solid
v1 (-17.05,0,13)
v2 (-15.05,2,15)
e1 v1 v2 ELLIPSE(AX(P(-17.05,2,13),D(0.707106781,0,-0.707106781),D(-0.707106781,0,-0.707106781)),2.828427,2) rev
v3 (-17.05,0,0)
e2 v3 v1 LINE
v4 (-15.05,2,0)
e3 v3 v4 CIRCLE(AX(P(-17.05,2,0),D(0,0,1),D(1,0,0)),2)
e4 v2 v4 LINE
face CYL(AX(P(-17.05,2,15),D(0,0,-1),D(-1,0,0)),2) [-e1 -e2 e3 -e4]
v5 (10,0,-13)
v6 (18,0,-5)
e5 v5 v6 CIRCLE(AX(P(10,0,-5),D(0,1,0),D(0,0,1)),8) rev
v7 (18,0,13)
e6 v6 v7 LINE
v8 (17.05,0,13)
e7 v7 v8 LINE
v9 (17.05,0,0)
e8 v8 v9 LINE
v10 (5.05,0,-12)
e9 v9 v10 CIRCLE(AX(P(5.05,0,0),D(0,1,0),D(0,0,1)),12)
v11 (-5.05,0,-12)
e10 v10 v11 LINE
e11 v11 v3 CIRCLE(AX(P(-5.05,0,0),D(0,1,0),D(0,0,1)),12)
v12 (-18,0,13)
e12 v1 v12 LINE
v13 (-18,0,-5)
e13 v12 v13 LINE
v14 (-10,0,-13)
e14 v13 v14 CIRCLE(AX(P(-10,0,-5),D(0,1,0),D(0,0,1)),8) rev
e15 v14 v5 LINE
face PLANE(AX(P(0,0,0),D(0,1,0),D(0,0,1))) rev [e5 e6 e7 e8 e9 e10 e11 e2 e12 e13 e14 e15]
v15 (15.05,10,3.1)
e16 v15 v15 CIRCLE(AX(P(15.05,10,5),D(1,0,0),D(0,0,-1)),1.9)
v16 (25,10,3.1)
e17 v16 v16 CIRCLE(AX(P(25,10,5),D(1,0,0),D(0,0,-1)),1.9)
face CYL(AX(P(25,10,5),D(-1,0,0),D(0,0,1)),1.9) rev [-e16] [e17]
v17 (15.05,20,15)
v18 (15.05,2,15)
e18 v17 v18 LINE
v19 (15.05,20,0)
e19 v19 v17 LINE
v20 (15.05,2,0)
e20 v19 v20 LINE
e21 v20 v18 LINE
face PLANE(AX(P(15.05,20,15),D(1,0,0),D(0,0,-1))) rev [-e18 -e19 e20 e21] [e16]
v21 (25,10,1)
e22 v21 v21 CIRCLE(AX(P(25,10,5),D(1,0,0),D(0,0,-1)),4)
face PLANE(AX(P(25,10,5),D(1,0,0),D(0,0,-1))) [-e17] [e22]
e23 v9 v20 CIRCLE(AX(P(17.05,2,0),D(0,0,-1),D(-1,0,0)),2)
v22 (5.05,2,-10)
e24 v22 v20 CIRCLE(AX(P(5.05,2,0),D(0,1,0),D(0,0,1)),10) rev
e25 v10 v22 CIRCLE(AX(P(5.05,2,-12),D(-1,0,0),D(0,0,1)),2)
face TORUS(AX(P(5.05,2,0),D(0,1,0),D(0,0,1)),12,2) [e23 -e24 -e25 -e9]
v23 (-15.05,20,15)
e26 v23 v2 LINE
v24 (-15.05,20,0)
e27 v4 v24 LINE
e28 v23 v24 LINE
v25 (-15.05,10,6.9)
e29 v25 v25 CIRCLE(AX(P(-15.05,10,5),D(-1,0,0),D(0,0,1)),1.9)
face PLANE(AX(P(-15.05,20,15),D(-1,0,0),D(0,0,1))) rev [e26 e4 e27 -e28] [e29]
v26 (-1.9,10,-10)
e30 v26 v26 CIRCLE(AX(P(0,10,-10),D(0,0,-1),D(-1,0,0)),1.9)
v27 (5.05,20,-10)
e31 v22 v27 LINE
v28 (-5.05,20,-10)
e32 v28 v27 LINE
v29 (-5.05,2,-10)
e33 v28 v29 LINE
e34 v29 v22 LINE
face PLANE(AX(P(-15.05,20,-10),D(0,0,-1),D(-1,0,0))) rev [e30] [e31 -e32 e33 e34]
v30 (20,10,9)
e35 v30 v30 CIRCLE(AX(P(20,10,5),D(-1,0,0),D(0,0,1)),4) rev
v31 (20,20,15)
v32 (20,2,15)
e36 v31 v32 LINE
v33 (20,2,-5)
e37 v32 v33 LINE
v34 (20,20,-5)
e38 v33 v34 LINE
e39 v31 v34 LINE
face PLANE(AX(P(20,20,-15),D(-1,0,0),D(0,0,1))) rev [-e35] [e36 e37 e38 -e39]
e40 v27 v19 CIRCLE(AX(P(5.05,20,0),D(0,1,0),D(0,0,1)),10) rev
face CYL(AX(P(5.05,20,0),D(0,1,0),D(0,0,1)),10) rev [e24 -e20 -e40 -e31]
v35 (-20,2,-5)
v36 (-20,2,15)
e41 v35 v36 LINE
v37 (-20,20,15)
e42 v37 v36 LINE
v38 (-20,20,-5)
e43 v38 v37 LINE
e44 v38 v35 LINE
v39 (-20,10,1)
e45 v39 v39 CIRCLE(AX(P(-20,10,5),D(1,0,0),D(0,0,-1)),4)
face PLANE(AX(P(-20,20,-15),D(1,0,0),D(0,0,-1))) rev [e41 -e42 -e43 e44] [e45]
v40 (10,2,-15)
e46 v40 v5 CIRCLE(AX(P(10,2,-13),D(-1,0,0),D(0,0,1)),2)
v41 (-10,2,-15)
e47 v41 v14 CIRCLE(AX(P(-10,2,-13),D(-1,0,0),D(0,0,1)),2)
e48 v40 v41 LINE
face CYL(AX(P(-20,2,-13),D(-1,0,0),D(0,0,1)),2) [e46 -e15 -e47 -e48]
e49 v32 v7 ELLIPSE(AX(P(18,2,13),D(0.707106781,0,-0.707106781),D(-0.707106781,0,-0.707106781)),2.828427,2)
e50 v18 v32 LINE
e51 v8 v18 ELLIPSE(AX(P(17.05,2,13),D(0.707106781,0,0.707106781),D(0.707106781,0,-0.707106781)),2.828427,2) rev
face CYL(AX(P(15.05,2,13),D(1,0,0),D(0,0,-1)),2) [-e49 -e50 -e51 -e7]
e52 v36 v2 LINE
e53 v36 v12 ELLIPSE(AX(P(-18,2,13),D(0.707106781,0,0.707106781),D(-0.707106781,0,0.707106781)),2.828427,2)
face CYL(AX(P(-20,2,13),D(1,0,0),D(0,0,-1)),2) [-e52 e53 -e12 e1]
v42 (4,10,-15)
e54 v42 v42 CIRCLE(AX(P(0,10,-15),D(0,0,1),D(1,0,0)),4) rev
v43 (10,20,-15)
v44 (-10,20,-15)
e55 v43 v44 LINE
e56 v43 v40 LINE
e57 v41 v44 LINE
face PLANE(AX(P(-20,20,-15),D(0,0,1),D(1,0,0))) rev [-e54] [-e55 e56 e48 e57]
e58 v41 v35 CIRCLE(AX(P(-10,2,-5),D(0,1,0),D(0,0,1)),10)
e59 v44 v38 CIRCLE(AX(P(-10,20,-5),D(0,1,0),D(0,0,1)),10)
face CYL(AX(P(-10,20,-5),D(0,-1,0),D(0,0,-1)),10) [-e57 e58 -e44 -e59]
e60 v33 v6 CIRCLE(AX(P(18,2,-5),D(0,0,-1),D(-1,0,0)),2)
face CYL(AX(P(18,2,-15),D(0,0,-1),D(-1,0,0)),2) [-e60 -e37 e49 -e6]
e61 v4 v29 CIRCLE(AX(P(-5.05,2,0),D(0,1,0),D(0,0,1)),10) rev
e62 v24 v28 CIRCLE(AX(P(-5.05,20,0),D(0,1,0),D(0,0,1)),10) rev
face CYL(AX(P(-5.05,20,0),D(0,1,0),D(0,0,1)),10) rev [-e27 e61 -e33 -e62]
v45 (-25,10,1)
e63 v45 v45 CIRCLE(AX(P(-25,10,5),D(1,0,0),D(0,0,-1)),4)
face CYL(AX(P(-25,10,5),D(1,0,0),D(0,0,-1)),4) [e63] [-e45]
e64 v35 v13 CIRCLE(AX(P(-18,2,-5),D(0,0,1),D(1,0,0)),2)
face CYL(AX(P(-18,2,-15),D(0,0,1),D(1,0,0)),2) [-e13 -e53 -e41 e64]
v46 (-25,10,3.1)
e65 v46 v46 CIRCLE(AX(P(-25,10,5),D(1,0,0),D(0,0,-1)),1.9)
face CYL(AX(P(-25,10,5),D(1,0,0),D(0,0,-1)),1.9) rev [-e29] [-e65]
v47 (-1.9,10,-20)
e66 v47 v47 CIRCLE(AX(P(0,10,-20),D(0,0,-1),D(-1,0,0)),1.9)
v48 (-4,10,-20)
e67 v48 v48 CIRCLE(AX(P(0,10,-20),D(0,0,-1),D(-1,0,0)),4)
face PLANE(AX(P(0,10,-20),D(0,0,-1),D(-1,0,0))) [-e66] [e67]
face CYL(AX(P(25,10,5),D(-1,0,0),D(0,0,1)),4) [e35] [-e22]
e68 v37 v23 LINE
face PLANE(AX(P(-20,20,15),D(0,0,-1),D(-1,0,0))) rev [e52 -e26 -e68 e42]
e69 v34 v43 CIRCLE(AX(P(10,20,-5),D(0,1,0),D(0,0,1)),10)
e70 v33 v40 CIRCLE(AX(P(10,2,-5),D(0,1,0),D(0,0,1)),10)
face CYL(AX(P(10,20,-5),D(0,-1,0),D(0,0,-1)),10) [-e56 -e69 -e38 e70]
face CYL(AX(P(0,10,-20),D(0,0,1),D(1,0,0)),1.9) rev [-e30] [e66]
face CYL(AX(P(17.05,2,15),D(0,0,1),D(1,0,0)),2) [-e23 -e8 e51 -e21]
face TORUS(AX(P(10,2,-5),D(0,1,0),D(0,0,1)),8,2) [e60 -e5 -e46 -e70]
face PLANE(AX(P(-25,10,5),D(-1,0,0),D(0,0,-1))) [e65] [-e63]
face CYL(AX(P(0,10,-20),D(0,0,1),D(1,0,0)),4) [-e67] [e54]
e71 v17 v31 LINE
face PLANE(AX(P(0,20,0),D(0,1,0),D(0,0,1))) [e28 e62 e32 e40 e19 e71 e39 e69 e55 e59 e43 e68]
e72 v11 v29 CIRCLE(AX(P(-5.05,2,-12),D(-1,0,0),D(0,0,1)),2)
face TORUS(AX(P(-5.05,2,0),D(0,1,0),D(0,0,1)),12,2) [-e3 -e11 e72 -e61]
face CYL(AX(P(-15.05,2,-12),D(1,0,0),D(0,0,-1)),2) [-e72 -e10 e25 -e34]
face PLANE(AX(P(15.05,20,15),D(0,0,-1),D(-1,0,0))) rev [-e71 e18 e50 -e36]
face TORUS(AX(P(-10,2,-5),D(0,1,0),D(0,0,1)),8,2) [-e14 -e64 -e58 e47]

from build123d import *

# Parameters (mm, degrees)
BOSS_EXTRUDE1_DEPTH = 20
FILLET1_R           = 10
SKETCH2_R           = 4
SKETCH2_R_2         = 1.9
BOSS_EXTRUDE2_DEPTH = 5
SKETCH3_R           = 1.9
CUT_EXTRUDE1_DEPTH  = 52.478150705
SKETCH5_R           = 4
SKETCH5_R_2         = 1.9
BOSS_EXTRUDE3_DEPTH = 5
SKETCH6_R           = 1.9
CUT_EXTRUDE2_DEPTH  = 44.874821937
FILLET2_R           = 2


with BuildPart() as part:
    # Sketch1 → Boss-Extrude1 (new body)
    with BuildSketch(Plane(origin=(0, 0, 0), x_dir=(1, 0, 0), z_dir=(0, 1, 0))):
        Polygon((-20, 15), (20, 15), (20, -15), (15.05, -15), (15.05, 10), (-15.05, 10), (-15.05, -15), (-20, -15), align=None)
    extrude(amount=BOSS_EXTRUDE1_DEPTH)

    # Fillet1
    fillet1_edges = [part.edges().sort_by_distance(p)[0] for p in [
        (-20, 10, -15),
        (20, 10, -15),
        (15.05, 10, -10),
        (-15.05, 10, -10),
    ]]
    fillet(fillet1_edges, radius=FILLET1_R)

    # Sketch2 → Boss-Extrude2 (add)
    with BuildSketch(Plane(origin=(20, 0, 0), x_dir=(0, 0, -1), z_dir=(1, 0, 0))):
        with Locations(Location((-5, 10, 0), (0, 0, 180))):
            Circle(SKETCH2_R)
        with Locations((-5, 10)):
            Circle(SKETCH2_R_2, mode=Mode.SUBTRACT)
    boss_extrude2 = extrude(amount=BOSS_EXTRUDE2_DEPTH)

    # Mirror1: Boss-Extrude2 across plane
    add(boss_extrude2.mirror(Plane(origin=(0, 0, 0), x_dir=(0, 0, 1), z_dir=(1, 0, 0))))

    # Sketch3 → Cut-Extrude1 (cut, through all)
    with BuildSketch(Plane(origin=(20, 0, 0), x_dir=(0, 0, -1), z_dir=(1, 0, 0))):
        with Locations((-5, 10)):
            Circle(SKETCH3_R)
    extrude(amount=-CUT_EXTRUDE1_DEPTH, mode=Mode.SUBTRACT)

    # Sketch5 → Boss-Extrude3 (add)
    with BuildSketch(Plane(origin=(0, 0, -15), x_dir=(-1, 0, 0), z_dir=(0, 0, -1))):
        with Locations(Location((0, 10, 0), (0, 0, 180))):
            Circle(SKETCH5_R)
        with Locations((0, 10)):
            Circle(SKETCH5_R_2, mode=Mode.SUBTRACT)
    extrude(amount=BOSS_EXTRUDE3_DEPTH)

    # Sketch6 → Cut-Extrude2 (cut, through all)
    with BuildSketch(Plane(origin=(0, 0, -15), x_dir=(-1, 0, 0), z_dir=(0, 0, -1))):
        with Locations((0, 10)):
            Circle(SKETCH6_R)
    extrude(amount=-CUT_EXTRUDE2_DEPTH, mode=Mode.SUBTRACT)

    # Fillet2
    fillet2_edges = [part.edges().sort_by_distance(p)[0] for p in [
        (-15.05, 0, 7.5),
        (-17.525, 0, 15),
        (-20, 0, 5),
        (0, 0, -15),
        (15.05, 0, 7.5),
        (0, 0, -10),
        (17.071067812, 0, -12.071067812),
        (-17.071067812, 0, -12.071067812),
        (12.121067812, 0, -7.071067812),
        (-12.121067812, 0, -7.071067812),
        (20, 0, 5),
        (17.525, 0, 15),
    ]]
    fillet(fillet2_edges, radius=FILLET2_R)


solid = part.part
